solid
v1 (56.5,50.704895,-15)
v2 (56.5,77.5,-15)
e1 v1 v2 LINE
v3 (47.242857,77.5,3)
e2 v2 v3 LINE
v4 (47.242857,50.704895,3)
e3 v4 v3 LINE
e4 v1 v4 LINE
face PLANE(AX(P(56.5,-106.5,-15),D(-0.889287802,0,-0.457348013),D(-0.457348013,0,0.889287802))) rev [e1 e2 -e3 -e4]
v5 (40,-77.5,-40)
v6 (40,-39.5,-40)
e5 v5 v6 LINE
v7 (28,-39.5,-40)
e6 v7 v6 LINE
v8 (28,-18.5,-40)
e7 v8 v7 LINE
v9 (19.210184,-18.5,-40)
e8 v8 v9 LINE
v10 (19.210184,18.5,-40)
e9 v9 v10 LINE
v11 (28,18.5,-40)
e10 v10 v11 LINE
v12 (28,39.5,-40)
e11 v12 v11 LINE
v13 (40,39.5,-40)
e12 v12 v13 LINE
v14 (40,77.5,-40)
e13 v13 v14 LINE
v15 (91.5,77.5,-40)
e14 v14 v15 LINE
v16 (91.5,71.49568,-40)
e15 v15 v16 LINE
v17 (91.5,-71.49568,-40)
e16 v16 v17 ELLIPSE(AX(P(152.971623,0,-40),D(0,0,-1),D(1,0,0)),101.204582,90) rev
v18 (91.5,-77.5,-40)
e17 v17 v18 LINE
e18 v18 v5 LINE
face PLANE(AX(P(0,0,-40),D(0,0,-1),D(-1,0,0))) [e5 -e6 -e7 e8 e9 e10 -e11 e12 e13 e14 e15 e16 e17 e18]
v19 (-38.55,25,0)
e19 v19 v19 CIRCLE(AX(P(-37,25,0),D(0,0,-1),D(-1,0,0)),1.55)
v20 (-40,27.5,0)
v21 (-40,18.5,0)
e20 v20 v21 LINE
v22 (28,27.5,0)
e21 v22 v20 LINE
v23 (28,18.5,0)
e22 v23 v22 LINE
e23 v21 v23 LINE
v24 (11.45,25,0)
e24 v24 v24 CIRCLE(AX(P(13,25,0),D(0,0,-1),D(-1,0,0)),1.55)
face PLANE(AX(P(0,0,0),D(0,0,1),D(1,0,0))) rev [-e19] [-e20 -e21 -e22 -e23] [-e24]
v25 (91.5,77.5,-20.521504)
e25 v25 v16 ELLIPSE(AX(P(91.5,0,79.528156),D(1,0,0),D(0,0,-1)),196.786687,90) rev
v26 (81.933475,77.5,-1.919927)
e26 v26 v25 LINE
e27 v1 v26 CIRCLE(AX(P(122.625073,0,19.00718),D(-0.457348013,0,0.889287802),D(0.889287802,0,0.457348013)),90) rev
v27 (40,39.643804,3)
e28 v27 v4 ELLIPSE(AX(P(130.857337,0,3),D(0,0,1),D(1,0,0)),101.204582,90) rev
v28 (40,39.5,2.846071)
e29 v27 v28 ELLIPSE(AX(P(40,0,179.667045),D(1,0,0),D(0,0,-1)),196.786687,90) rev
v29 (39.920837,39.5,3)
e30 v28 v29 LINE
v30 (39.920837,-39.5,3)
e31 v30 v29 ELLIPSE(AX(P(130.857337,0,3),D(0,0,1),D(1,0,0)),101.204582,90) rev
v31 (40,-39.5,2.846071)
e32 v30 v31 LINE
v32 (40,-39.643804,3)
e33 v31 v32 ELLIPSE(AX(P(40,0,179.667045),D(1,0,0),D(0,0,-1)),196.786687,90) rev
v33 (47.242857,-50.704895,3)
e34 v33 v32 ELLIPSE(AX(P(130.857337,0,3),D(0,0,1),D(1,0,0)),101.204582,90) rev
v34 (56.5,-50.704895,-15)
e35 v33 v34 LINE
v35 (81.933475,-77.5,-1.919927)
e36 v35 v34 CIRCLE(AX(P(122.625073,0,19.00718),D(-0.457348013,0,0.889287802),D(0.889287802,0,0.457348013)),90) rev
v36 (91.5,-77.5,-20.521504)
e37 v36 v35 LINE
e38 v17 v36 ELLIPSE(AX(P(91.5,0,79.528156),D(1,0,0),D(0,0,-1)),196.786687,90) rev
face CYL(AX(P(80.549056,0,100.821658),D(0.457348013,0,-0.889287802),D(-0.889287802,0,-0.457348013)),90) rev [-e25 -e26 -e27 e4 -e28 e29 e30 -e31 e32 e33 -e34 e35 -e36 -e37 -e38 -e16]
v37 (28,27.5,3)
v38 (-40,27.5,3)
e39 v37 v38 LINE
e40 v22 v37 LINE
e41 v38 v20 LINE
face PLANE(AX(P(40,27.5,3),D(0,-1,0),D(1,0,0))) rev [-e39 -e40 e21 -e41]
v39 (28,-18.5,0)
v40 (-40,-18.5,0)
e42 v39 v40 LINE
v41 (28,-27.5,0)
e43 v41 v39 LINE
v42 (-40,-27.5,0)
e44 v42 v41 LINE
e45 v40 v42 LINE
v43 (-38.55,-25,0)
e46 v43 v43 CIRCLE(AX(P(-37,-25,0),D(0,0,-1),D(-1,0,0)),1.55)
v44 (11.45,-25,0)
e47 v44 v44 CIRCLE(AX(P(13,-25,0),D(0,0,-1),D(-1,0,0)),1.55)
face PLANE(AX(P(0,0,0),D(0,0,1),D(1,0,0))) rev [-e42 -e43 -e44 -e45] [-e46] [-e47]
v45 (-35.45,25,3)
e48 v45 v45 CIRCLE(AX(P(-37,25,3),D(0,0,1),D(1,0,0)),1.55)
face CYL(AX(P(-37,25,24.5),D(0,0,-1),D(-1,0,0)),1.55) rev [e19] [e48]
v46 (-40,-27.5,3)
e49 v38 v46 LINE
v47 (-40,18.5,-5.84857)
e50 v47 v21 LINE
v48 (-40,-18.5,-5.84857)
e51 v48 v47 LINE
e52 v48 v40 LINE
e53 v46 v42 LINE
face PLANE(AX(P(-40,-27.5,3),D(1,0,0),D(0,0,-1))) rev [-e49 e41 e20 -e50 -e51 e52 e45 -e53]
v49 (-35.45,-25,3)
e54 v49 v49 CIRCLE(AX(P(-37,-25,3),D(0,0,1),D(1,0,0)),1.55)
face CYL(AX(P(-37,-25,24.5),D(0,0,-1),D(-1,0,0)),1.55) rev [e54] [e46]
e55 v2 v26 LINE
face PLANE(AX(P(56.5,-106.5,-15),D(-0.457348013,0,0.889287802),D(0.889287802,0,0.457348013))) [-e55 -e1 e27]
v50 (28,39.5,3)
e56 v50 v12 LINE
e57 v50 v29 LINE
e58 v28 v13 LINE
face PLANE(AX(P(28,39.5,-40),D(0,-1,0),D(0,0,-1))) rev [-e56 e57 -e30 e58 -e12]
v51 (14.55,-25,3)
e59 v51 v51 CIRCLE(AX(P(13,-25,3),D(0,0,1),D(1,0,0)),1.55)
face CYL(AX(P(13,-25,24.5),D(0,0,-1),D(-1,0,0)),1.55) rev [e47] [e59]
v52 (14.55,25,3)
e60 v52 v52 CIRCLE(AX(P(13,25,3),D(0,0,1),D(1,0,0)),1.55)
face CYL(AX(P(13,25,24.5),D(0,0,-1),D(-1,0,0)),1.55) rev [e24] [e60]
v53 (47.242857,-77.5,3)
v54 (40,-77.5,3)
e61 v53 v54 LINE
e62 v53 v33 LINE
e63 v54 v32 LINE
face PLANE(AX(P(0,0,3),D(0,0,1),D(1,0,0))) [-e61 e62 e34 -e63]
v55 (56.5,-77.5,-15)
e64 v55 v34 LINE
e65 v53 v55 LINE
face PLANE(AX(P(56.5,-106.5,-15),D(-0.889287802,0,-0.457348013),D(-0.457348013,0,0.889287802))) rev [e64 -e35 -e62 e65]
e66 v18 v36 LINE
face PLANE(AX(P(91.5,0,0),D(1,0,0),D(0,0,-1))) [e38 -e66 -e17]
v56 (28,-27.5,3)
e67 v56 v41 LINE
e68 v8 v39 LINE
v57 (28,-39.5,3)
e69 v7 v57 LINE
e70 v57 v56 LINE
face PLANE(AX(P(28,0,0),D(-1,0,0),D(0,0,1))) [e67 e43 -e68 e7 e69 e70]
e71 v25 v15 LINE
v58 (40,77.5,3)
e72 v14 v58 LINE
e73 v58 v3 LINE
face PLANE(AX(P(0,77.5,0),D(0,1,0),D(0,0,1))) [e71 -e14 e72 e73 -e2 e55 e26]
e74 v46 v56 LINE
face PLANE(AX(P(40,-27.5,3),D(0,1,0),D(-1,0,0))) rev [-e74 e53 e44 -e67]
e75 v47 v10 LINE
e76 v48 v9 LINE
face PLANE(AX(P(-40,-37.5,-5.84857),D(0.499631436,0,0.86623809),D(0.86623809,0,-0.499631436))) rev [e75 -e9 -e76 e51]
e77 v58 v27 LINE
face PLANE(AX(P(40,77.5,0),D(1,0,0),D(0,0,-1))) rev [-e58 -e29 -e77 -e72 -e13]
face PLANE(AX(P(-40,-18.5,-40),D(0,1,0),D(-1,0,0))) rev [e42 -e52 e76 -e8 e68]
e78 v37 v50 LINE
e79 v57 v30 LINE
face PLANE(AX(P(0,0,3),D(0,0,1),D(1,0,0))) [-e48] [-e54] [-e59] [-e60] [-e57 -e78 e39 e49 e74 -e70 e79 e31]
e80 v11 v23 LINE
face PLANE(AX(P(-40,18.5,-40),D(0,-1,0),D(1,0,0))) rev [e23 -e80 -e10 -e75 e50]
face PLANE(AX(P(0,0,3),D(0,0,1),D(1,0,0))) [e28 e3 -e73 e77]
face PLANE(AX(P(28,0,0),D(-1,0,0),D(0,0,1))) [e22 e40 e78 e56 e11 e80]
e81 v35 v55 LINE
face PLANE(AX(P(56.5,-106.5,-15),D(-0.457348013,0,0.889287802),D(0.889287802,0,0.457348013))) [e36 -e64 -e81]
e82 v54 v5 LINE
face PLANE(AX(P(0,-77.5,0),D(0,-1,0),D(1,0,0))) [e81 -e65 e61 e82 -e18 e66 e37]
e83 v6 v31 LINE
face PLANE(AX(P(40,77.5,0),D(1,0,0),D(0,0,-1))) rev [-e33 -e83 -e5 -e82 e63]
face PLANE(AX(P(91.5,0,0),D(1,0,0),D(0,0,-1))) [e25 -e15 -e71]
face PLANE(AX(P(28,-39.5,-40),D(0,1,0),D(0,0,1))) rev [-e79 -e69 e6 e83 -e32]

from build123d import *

# Parameters (mm, degrees)
SKETCH_1_W          = 80
SKETCH_1_H          = 55
EXTRUDE_1_DEPTH     = 3
SKETCH_2_R          = 1.55
CUT_EXTRUDE_1_DEPTH = 24.5
SKETCH_3_W          = 3
SKETCH_3_H          = 55
EXTRUDE_2_DEPTH     = 1.5
SKETCH_5_W          = 3
SKETCH_5_H          = 55
EXTRUDE_3_DEPTH     = 50
SKETCH_6_W          = 51.5
SKETCH_6_H          = 3
EXTRUDE_4_DEPTH     = 50
SKETCH_7_W          = 51.5
SKETCH_7_H          = 3
EXTRUDE_5_DEPTH     = 50
SKETCH_8_W          = 51.5
SKETCH_8_H          = 155
EXTRUDE_6_DEPTH     = 40
EXTRUDE_7_DEPTH     = 12
CUT_EXTRUDE_2_DEPTH = 184
SKETCH_13_R         = 90
CUT_EXTRUDE_3_DEPTH = 92
SKETCH_14_W         = 68
SKETCH_14_H         = 37
EXTRUDE_8_DEPTH     = 40
CUT_EXTRUDE_4_DEPTH = 56


with BuildPart() as part:
    # 草图1 → 凸台-拉伸1 (new body)
    with BuildSketch(Plane.XY):
        Rectangle(SKETCH_1_W, SKETCH_1_H)
    extrude(amount=EXTRUDE_1_DEPTH)

    # 草图2 → 切除-拉伸1 (cut)
    with BuildSketch(Plane(origin=(0, 0, 0), x_dir=(-1, 0, 0), z_dir=(0, 0, -1))):
        with Locations((37, 25)):
            Circle(SKETCH_2_R)
        with Locations((37, -25)):
            Circle(SKETCH_2_R)
        with Locations((-13, 25)):
            Circle(SKETCH_2_R)
        with Locations((-13, -25)):
            Circle(SKETCH_2_R)
    extrude(amount=-CUT_EXTRUDE_1_DEPTH, mode=Mode.SUBTRACT)



with BuildPart() as body_2:
    # 草图3 → 凸台-拉伸2 (new body)
    with BuildSketch(Plane(origin=(40, 0, 0), x_dir=(0, 0, -1), z_dir=(1, 0, 0))):
        with Locations((-1.5, 0)):
            Rectangle(SKETCH_3_W, SKETCH_3_H)
    extrude(amount=EXTRUDE_2_DEPTH)

    # 草图5 → 凸台-拉伸3 (add)
    with BuildSketch(Plane(origin=(41.5, 0, 0), x_dir=(0, 0, -1), z_dir=(1, 0, 0))):
        with Locations((-1.5, 0)):
            Rectangle(SKETCH_5_W, SKETCH_5_H)
    extrude(amount=EXTRUDE_3_DEPTH)


with BuildPart() as part_1:
    add(part.part)

    add(body_2.part)  # 凸台-拉伸4 merges body 2
    # 草图6 → 凸台-拉伸4 (add)
    with BuildSketch(Plane(origin=(0, 27.5, 0), x_dir=(1, 0, 0), z_dir=(0, 1, 0))):
        with Locations((65.75, -1.5)):
            Rectangle(SKETCH_6_W, SKETCH_6_H)
    extrude(amount=EXTRUDE_4_DEPTH)

    # 草图7 → 凸台-拉伸5 (add)
    with BuildSketch(Plane.XZ.offset(27.5)):
        with Locations((65.75, 1.5)):
            Rectangle(SKETCH_7_W, SKETCH_7_H)
    extrude(amount=EXTRUDE_5_DEPTH)

    # 草图8 → 凸台-拉伸6 (add)
    with BuildSketch(Plane(origin=(0, 0, 0), x_dir=(-1, 0, 0), z_dir=(0, 0, -1))):
        with Locations((-65.75, 0)):
            Rectangle(SKETCH_8_W, SKETCH_8_H)
    extrude(amount=EXTRUDE_6_DEPTH)

    # 草图9 → 凸台-拉伸7 (add)
    with BuildSketch(Plane.ZY.offset(-40)):
        Polygon((-40, 39.5), (3, 39.5), (3, 27.5), (0, 27.5), (0, -27.5), (3, -27.5), (3, -39.5), (-40, -39.5), align=None)
    extrude(amount=EXTRUDE_7_DEPTH)

    # 草图10 → 切除-拉伸2 (cut)
    with BuildSketch(Plane(origin=(0, 77.5, 0), x_dir=(1, 0, 0), z_dir=(0, 1, 0))):
        Polygon((56.5, 15), (91.5, -3), (47.242857143, -3), align=None)
    extrude(amount=-CUT_EXTRUDE_2_DEPTH, mode=Mode.SUBTRACT)

    # 草图13 → 切除-拉伸3 (cut, symmetric)
    with BuildSketch(Plane(origin=(17.918657198, 0, -34.841833441), x_dir=(0.889287802, 0, 0.457348013), z_dir=(-0.457348013, 0, 0.889287802))):
        with Locations((117.74187795, 0)):
            Circle(SKETCH_13_R)
    extrude(amount=CUT_EXTRUDE_3_DEPTH, both=True, mode=Mode.SUBTRACT)

    # 草图14 → 凸台-拉伸8 (add)
    with BuildSketch(Plane(origin=(0, 0, 0), x_dir=(-1, 0, 0), z_dir=(0, 0, -1))):
        with Locations((6, 0)):
            Rectangle(SKETCH_14_W, SKETCH_14_H)
    extrude(amount=EXTRUDE_8_DEPTH)

    # 草图16 → 切除-拉伸4 (cut)
    with BuildSketch(Plane(origin=(0, 18.5, 0), x_dir=(1, 0, 0), z_dir=(0, 1, 0))):
        Polygon((-40, 5.848570226), (19.210183994, 40), (-40, 40), align=None)
    extrude(amount=-CUT_EXTRUDE_4_DEPTH, mode=Mode.SUBTRACT)


solid = part_1.part
